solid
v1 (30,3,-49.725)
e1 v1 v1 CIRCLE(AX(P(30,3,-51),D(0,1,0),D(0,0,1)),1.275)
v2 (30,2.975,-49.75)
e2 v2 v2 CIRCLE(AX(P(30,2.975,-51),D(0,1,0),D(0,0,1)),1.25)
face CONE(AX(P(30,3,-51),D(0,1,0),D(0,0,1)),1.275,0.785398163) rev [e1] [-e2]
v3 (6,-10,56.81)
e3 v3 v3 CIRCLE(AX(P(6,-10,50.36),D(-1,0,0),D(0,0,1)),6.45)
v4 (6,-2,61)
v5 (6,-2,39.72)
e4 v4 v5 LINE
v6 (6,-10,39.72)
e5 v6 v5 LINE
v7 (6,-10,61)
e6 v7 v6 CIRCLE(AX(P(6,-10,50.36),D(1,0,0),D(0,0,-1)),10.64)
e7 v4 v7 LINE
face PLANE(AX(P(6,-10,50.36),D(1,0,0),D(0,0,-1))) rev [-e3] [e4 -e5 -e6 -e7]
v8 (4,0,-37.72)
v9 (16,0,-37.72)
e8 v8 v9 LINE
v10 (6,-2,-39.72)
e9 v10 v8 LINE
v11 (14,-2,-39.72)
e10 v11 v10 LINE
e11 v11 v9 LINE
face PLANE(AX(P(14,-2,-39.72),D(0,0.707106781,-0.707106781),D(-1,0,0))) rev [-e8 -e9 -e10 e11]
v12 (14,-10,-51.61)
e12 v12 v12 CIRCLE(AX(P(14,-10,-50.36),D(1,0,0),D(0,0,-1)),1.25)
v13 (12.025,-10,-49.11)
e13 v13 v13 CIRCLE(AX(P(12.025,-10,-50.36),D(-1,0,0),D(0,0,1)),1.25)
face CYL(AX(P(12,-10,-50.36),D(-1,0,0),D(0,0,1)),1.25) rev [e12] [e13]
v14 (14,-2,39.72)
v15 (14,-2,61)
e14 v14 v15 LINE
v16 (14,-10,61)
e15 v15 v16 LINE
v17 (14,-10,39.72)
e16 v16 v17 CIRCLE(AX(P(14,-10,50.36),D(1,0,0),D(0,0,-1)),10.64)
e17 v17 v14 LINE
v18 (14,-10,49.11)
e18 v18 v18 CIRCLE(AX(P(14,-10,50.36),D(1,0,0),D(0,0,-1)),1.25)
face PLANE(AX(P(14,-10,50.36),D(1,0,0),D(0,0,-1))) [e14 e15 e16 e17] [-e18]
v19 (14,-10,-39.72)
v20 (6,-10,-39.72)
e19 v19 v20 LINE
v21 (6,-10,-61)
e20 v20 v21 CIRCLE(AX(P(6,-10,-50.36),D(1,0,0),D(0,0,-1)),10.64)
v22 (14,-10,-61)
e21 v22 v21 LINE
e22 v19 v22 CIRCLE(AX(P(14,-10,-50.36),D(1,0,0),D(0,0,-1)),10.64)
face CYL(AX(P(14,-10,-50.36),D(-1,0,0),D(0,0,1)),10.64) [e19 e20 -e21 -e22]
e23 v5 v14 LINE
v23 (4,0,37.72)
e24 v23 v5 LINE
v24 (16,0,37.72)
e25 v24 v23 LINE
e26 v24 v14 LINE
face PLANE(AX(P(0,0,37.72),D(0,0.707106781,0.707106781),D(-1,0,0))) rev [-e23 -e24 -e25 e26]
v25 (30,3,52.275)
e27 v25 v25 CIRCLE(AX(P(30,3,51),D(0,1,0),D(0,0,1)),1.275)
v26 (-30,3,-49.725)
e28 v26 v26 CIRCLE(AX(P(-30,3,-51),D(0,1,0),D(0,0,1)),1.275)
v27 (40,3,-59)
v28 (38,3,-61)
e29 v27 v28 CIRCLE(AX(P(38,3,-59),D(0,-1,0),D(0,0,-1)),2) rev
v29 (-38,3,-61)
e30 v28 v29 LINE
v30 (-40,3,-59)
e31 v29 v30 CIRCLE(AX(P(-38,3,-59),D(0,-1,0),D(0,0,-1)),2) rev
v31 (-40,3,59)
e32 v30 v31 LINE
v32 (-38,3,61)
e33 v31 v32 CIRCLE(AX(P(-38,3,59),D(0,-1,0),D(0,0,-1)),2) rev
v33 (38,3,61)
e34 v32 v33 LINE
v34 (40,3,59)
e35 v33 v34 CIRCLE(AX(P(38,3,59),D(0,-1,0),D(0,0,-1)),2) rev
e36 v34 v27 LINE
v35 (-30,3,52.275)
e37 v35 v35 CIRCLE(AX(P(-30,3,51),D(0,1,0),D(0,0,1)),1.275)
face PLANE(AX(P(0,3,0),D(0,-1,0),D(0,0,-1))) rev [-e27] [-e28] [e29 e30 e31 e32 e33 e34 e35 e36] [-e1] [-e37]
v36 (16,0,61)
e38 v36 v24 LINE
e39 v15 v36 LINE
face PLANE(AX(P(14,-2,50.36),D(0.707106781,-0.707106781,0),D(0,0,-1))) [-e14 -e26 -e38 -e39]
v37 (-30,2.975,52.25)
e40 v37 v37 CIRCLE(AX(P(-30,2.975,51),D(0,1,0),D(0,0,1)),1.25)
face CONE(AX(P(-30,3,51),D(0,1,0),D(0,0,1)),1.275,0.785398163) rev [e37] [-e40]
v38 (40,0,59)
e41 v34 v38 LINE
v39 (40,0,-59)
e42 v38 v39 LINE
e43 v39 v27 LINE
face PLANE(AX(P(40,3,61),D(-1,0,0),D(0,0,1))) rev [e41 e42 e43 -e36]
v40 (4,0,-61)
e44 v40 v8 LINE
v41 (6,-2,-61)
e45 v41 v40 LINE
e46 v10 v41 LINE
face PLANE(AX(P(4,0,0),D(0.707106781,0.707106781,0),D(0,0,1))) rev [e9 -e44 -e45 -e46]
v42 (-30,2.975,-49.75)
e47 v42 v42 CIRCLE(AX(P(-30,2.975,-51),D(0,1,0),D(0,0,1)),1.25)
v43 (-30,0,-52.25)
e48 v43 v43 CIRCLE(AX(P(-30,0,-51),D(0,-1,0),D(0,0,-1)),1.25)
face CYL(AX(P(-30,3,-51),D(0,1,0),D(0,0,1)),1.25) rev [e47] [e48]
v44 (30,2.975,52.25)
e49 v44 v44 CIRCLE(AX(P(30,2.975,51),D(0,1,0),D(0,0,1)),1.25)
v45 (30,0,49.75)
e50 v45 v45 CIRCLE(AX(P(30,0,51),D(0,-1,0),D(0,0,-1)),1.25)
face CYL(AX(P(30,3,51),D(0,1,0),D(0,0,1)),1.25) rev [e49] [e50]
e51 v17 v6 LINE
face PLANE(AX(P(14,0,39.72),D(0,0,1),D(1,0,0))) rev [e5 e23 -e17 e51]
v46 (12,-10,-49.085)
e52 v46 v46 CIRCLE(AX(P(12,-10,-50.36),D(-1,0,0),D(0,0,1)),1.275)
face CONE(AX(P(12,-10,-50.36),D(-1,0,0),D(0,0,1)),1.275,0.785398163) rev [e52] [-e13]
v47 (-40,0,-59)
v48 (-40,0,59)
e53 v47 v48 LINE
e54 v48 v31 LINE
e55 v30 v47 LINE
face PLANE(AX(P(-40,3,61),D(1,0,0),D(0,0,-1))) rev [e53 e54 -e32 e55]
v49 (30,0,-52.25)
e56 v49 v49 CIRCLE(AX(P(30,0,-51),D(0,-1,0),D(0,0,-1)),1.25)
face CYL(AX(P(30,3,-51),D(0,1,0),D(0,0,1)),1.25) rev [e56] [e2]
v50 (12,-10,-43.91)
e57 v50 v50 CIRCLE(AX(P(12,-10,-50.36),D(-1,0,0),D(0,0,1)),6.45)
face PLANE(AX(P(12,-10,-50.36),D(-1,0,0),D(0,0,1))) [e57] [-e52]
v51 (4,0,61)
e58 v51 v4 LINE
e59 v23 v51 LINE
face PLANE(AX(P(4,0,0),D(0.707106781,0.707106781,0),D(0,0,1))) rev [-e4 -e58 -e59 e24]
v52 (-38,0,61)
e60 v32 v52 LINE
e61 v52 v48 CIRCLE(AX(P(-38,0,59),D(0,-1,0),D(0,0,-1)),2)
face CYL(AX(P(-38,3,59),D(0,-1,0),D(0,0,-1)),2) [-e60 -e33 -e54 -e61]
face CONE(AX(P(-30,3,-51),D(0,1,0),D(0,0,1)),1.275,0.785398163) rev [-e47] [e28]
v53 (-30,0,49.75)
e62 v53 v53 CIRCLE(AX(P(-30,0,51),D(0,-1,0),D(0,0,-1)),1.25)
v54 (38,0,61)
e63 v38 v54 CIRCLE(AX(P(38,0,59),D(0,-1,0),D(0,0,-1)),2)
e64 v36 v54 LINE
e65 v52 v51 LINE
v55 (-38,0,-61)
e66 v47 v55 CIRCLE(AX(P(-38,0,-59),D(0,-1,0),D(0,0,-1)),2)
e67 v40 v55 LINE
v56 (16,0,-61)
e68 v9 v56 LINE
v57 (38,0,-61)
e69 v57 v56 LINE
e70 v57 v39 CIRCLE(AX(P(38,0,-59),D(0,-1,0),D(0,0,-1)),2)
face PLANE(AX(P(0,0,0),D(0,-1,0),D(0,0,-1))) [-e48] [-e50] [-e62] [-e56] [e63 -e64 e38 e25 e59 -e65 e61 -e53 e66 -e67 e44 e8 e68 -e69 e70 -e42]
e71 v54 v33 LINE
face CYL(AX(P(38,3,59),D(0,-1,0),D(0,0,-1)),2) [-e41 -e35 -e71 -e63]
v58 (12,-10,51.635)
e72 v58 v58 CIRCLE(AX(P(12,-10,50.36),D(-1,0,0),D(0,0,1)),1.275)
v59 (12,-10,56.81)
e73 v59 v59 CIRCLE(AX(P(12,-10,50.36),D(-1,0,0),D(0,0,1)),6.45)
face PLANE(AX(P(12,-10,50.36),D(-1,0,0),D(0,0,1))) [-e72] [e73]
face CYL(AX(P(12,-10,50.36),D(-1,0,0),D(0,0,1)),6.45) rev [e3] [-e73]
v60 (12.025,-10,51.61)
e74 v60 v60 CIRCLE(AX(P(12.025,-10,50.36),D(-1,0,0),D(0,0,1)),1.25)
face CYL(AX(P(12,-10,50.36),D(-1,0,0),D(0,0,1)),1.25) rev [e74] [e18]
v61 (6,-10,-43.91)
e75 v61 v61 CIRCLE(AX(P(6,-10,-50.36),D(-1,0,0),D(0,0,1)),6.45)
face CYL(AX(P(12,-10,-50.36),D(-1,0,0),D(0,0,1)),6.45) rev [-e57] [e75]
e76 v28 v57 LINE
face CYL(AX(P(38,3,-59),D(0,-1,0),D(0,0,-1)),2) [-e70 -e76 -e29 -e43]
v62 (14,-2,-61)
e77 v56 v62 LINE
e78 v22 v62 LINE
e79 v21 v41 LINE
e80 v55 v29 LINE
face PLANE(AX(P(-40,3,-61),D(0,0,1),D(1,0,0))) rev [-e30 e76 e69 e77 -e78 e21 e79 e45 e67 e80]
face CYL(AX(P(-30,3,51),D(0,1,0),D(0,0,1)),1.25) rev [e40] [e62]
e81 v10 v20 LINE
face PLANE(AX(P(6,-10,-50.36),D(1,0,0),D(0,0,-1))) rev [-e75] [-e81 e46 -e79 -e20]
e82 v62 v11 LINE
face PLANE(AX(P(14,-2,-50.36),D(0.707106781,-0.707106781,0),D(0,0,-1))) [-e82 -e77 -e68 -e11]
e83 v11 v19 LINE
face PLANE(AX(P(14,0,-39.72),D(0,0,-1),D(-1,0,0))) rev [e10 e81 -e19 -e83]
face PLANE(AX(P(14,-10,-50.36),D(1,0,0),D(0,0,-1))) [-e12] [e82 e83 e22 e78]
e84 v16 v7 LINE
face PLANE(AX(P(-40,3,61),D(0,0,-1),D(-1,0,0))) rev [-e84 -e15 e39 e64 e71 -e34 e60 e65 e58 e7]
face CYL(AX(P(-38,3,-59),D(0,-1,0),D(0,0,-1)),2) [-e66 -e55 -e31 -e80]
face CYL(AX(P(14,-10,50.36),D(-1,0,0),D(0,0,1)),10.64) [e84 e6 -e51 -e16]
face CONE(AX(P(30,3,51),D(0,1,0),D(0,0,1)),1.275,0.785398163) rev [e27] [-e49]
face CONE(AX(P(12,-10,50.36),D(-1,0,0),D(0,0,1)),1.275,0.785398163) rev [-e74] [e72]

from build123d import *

# Parameters (mm, degrees)
SKETCH1_W                       = 80
SKETCH1_H                       = 122
BOSS_EXTRUDE1_DEPTH             = 3
BOSS_EXTRUDE2_DEPTH             = 8
SKETCH4_R                       = 6.45
CUT_EXTRUDE1_DEPTH              = 6
CHAMFER1_SIZE                   = 2
FILLET1_R                       = 2
F_2_5MM_DOWEL_HOLE1_D           = 2.5
F_2_5MM_DOWEL_HOLE1_DEPTH       = 5
F_2_5MM_DOWEL_HOLE1_CSINK_D     = 2.55
F_2_5MM_DOWEL_HOLE1_CSINK_ANGLE = 90
F_2_5MM_DOWEL_HOLE1_TIP         = 0.751075774
F_2_5MM_DOWEL_HOLE2_D           = 2.5
F_2_5MM_DOWEL_HOLE2_DEPTH       = 5
F_2_5MM_DOWEL_HOLE2_CSINK_D     = 2.55
F_2_5MM_DOWEL_HOLE2_CSINK_ANGLE = 90
F_2_5MM_DOWEL_HOLE2_TIP         = 0.751075774


with BuildPart() as part:
    # Sketch1 → Boss-Extrude1 (new body)
    with BuildSketch(Plane(origin=(0, 0, 0), x_dir=(1, 0, 0), z_dir=(0, 1, 0))):
        Rectangle(SKETCH1_W, SKETCH1_H)
    extrude(amount=BOSS_EXTRUDE1_DEPTH)

    # Sketch3 → Boss-Extrude2 (add)
    with BuildSketch(Plane(origin=(6, 0, 0), x_dir=(0, 0, -1), z_dir=(1, 0, 0))):
        with BuildLine():
            Line((-61, 0), (-61, -10))
            ThreePointArc((-61, -10), (-50.36, -20.64), (-39.72, -10))
            Line((-39.72, -10), (-39.72, 0))
            Line((-39.72, 0), (-61, 0))
        make_face()
        with BuildLine():
            Line((61, 0), (61, -10))
            ThreePointArc((61, -10), (50.36, -20.64), (39.72, -10))
            Line((39.72, -10), (39.72, 0))
            Line((39.72, 0), (61, 0))
        make_face()
    extrude(amount=BOSS_EXTRUDE2_DEPTH)

    # Sketch4 → Cut-Extrude1 (cut)
    with BuildSketch(Plane.ZY.offset(-6)):
        with Locations((-50.36, -10)):
            Circle(SKETCH4_R)
        with Locations((50.36, -10)):
            Circle(SKETCH4_R)
    extrude(amount=-CUT_EXTRUDE1_DEPTH, mode=Mode.SUBTRACT)

    # Chamfer1
    chamfer1_edges = [part.edges().sort_by_distance(p)[0] for p in [
        (6, 0, 50.36),
        (10, 0, 39.72),
        (14, 0, 50.36),
        (6, 0, -50.36),
        (10, 0, -39.72),
        (14, 0, -50.36),
    ]]
    chamfer(chamfer1_edges, length=CHAMFER1_SIZE)

    # Fillet1
    fillet1_edges = [part.edges().sort_by_distance(p)[0] for p in [
        (40, 1.5, 61),
        (-40, 1.5, 61),
        (-40, 1.5, -61),
        (40, 1.5, -61),
    ]]
    fillet(fillet1_edges, radius=FILLET1_R)

    # Ø2.5mm Dowel Hole1
    with Locations(Plane(origin=(0, 3, 0), x_dir=(1, 0, 0), z_dir=(0, 1, 0))):
        with Locations((-30, 51), (-30, -51), (30, -51), (30, 51)):
            CounterSinkHole(F_2_5MM_DOWEL_HOLE1_D / 2, F_2_5MM_DOWEL_HOLE1_CSINK_D / 2, depth=F_2_5MM_DOWEL_HOLE1_DEPTH, counter_sink_angle=F_2_5MM_DOWEL_HOLE1_CSINK_ANGLE)
            with Locations((0, 0, -(F_2_5MM_DOWEL_HOLE1_DEPTH + F_2_5MM_DOWEL_HOLE1_TIP / 2))):  # 118° drill point
                Cone(0, F_2_5MM_DOWEL_HOLE1_D / 2, F_2_5MM_DOWEL_HOLE1_TIP, mode=Mode.SUBTRACT)

    # Ø2.5mm Dowel Hole2
    with Locations(Plane.ZY.offset(-12)):
        with Locations((-50.36, -10), (50.36, -10)):
            CounterSinkHole(F_2_5MM_DOWEL_HOLE2_D / 2, F_2_5MM_DOWEL_HOLE2_CSINK_D / 2, depth=F_2_5MM_DOWEL_HOLE2_DEPTH, counter_sink_angle=F_2_5MM_DOWEL_HOLE2_CSINK_ANGLE)
            with Locations((0, 0, -(F_2_5MM_DOWEL_HOLE2_DEPTH + F_2_5MM_DOWEL_HOLE2_TIP / 2))):  # 118° drill point
                Cone(0, F_2_5MM_DOWEL_HOLE2_D / 2, F_2_5MM_DOWEL_HOLE2_TIP, mode=Mode.SUBTRACT)


solid = part.part
